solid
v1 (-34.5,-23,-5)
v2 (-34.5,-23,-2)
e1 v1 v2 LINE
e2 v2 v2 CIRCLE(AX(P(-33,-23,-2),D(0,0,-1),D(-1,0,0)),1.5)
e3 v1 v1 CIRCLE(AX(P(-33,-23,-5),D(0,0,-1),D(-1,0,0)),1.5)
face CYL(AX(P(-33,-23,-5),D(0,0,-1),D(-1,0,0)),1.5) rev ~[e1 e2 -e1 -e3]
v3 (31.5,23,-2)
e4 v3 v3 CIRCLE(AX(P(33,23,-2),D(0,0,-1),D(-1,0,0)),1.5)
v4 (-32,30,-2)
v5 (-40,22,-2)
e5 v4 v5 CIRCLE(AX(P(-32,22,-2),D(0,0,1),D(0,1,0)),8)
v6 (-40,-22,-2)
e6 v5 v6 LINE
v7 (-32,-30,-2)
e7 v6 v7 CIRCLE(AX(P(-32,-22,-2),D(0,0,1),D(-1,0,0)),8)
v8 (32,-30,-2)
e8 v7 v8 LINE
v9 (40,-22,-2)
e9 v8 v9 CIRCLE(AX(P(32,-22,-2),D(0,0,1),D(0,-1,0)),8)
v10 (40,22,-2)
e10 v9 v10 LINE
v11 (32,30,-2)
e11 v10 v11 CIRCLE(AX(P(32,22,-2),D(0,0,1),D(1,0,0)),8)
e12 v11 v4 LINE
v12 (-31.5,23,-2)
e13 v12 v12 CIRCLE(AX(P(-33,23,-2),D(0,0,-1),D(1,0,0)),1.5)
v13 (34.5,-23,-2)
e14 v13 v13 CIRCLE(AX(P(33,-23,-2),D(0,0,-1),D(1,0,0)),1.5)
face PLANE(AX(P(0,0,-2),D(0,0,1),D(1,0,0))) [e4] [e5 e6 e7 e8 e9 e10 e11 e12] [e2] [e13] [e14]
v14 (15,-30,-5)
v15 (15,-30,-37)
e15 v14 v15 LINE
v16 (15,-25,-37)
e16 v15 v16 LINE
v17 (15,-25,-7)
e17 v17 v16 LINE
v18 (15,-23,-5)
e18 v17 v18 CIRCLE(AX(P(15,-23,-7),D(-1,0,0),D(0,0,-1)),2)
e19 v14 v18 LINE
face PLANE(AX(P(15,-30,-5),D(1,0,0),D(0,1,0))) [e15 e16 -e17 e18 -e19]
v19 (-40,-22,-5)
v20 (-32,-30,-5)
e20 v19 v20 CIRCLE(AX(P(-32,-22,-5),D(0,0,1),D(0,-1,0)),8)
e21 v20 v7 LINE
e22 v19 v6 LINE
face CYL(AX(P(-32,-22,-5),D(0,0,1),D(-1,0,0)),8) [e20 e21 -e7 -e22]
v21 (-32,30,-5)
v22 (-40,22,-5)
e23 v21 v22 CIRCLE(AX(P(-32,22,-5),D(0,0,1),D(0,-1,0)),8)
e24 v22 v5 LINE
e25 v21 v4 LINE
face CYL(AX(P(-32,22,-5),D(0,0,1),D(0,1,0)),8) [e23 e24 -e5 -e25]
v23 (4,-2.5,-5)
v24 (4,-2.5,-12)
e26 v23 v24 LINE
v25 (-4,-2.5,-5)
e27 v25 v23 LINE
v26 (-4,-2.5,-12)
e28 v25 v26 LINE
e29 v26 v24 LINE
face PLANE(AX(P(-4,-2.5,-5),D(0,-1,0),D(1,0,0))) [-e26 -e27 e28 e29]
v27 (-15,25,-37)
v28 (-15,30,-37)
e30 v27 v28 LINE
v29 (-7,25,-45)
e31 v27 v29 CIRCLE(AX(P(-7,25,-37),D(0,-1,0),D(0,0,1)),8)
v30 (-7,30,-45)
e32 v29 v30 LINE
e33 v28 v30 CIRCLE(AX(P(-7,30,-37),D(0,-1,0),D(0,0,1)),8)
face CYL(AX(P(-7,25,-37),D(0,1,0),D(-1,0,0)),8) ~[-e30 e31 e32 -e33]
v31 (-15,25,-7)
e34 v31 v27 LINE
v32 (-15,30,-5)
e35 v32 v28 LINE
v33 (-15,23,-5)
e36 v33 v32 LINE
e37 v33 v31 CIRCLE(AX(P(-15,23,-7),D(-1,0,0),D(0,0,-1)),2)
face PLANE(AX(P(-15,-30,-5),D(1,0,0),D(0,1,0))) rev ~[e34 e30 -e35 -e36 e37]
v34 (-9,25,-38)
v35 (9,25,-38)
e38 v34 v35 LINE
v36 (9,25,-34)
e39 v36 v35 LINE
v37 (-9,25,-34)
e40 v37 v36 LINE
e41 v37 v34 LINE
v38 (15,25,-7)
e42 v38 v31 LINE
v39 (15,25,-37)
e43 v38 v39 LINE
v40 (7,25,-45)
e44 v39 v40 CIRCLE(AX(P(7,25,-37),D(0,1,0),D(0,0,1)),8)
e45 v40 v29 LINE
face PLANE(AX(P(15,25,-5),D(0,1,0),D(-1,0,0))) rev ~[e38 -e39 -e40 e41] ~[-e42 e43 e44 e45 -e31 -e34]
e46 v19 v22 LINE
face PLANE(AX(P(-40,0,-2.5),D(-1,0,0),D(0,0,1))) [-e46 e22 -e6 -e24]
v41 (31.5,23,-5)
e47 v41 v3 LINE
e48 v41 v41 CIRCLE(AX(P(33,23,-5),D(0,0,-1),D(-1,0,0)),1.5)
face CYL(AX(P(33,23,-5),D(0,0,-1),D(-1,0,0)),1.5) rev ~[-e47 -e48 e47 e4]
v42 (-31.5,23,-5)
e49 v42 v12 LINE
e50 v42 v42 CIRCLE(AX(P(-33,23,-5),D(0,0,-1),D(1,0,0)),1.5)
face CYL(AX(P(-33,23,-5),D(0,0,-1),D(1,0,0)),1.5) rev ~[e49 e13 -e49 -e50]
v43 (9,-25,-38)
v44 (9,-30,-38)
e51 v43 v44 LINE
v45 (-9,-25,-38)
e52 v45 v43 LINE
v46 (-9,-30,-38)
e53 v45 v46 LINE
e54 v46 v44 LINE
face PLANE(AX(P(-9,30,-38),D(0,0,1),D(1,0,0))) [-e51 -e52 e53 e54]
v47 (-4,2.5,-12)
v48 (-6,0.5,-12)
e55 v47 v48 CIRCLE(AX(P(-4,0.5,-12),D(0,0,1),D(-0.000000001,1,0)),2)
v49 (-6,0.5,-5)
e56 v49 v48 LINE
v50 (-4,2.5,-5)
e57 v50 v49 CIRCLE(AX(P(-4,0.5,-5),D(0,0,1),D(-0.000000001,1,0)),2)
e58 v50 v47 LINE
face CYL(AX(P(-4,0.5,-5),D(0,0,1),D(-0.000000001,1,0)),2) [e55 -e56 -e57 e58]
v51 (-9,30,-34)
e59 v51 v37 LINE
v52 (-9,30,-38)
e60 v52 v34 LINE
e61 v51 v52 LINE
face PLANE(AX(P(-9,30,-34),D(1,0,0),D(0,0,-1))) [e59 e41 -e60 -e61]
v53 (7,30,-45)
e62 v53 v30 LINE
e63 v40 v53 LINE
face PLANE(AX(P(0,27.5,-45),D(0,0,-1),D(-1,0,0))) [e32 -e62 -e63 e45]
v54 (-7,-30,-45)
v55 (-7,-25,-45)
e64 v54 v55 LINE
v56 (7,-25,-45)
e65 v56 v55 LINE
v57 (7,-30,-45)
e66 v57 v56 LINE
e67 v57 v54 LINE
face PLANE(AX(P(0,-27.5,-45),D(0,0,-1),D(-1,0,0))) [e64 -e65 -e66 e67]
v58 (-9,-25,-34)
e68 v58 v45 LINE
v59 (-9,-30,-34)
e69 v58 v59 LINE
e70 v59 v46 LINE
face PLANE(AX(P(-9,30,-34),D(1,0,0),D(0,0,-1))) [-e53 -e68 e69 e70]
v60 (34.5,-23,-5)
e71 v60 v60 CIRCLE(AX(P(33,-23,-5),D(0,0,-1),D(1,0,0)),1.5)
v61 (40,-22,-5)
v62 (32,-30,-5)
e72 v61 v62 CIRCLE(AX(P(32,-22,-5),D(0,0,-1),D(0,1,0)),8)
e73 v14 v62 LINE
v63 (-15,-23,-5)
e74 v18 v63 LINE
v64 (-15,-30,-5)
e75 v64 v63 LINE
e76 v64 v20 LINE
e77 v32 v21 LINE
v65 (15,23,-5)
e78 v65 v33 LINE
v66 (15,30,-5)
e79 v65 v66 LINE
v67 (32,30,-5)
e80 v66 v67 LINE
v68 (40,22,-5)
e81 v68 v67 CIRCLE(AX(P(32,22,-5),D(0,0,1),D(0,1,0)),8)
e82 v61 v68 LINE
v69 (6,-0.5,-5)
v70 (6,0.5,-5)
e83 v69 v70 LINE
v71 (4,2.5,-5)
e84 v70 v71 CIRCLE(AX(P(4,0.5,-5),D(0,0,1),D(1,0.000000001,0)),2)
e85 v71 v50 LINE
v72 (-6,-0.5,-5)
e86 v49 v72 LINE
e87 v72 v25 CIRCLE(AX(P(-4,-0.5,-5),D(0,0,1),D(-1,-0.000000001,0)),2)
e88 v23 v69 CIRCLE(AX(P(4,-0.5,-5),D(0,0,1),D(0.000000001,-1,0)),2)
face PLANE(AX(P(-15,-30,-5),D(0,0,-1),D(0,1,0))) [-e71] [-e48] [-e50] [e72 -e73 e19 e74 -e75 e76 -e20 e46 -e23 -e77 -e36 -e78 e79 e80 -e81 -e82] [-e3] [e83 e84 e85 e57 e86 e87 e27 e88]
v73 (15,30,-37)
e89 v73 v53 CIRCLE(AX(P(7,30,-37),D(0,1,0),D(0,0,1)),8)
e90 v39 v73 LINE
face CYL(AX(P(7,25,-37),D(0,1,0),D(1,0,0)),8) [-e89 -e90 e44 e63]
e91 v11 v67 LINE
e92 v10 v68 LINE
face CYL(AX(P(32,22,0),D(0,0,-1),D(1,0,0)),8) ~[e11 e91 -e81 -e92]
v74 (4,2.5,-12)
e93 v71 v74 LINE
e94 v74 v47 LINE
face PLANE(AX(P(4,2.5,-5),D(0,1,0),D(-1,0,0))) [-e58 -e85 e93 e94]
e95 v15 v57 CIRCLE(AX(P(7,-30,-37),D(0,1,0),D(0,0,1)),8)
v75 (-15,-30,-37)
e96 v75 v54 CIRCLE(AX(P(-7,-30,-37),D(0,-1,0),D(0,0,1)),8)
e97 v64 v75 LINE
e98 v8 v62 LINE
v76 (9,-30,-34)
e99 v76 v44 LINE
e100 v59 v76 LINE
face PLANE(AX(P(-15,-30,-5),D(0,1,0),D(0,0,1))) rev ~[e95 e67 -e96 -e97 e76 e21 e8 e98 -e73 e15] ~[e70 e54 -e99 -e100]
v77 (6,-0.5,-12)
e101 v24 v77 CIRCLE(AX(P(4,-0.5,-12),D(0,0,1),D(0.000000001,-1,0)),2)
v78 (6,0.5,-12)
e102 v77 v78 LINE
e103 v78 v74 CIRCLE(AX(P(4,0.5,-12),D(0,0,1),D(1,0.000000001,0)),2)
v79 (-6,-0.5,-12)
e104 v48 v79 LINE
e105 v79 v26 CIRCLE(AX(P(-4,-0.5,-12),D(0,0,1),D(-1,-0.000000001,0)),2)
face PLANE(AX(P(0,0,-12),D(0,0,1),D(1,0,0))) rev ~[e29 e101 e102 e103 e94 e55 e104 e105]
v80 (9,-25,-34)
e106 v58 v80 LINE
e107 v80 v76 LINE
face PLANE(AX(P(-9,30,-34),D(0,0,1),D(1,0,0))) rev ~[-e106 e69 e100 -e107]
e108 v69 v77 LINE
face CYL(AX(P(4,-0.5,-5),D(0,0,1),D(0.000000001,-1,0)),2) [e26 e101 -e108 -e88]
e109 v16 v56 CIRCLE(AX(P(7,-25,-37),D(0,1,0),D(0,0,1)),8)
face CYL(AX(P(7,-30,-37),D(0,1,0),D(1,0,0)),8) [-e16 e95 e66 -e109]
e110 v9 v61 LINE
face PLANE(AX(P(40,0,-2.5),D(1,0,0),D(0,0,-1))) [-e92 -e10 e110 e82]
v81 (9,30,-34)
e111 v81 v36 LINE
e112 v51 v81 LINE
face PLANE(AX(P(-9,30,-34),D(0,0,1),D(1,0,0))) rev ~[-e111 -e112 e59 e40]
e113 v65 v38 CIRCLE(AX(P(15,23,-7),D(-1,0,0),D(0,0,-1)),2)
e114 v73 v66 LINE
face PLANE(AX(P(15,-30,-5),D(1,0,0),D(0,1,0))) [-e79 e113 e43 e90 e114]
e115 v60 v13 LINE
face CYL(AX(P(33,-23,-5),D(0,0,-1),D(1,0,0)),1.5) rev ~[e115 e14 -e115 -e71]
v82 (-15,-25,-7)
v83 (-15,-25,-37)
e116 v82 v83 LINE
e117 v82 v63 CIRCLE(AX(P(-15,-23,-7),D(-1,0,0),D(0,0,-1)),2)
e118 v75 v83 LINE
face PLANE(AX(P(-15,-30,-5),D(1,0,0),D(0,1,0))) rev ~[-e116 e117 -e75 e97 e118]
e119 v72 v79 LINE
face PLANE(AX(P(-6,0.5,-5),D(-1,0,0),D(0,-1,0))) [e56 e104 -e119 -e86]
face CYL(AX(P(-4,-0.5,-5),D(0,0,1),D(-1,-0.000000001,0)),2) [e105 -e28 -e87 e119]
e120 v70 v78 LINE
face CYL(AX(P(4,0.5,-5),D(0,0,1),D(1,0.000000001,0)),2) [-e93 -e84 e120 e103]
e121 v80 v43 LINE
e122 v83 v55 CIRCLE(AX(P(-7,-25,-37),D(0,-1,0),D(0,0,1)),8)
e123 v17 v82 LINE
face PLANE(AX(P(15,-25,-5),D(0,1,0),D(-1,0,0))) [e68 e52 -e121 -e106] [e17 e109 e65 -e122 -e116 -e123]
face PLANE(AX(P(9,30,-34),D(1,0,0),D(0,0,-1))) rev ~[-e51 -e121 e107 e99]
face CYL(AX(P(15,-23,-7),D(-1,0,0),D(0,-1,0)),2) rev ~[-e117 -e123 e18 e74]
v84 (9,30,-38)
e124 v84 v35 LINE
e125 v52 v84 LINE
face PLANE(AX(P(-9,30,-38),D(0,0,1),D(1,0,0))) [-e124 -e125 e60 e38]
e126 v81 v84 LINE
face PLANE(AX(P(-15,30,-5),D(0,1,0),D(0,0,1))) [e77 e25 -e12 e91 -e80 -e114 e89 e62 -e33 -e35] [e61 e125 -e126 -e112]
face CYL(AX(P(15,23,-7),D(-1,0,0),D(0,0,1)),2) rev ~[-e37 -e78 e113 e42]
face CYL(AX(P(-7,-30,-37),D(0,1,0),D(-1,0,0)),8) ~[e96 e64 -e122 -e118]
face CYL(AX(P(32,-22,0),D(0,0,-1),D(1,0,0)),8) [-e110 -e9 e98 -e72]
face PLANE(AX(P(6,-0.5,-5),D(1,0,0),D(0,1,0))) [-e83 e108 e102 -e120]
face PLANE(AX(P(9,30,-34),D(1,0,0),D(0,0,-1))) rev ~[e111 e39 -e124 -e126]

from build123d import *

# Parameters (mm, degrees)
SKETCH1_W           = 30
SKETCH1_H           = 60
BOSS_EXTRUDE1_DEPTH = 5
SKETCH2_W           = 30
SKETCH2_H           = 5
BOSS_EXTRUDE2_DEPTH = 40
BOSS_EXTRUDE3_DEPTH = 7
FILLET1_R           = 2
SKETCH4_W           = 5
SKETCH4_H           = 60
BOSS_EXTRUDE4_DEPTH = 25
SKETCH5_W           = 5
SKETCH5_H           = 60
BOSS_EXTRUDE5_DEPTH = 25
FILLET2_R           = 8
SKETCH6_R           = 1.5
CUT_EXTRUDE1_DEPTH  = 5
FILLET3_R           = 8
CUT_EXTRUDE2_REACH  = 87
SKETCH7_W           = 18
SKETCH7_H           = 4
CUT_EXTRUDE4_DEPTH  = 2


with BuildPart() as part:
    # Sketch1 → Boss-Extrude1 (new body)
    with BuildSketch(Plane.XY):
        Rectangle(SKETCH1_W, SKETCH1_H)
    extrude(amount=-BOSS_EXTRUDE1_DEPTH)

    # Sketch2 → Boss-Extrude2 (add)
    with BuildSketch(Plane(origin=(0, 0, -5), x_dir=(-1, 0, 0), z_dir=(0, 0, -1))):
        with Locations((0, -27.5)):
            Rectangle(SKETCH2_W, SKETCH2_H)
        with Locations((0, 27.5)):
            Rectangle(SKETCH2_W, SKETCH2_H)
    extrude(amount=BOSS_EXTRUDE2_DEPTH)

    # Sketch3 → Boss-Extrude3 (add)
    with BuildSketch(Plane(origin=(0, 0, -5), x_dir=(-1, 0, 0), z_dir=(0, 0, -1))):
        with BuildLine():
            Line((4, -2.5), (-4, -2.5))
            ThreePointArc((-4, -2.5), (-5.414213562, -1.914213562), (-6, -0.5))
            Line((-6, -0.5), (-6, 0.5))
            ThreePointArc((-6, 0.5), (-5.414213562, 1.914213562), (-4, 2.5))
            Line((-4, 2.5), (4, 2.5))
            ThreePointArc((4, 2.5), (5.414213562, 1.914213562), (6, 0.5))
            Line((6, 0.5), (6, -0.5))
            ThreePointArc((6, -0.5), (5.414213562, -1.914213562), (4, -2.5))
        make_face()
    extrude(amount=BOSS_EXTRUDE3_DEPTH)

    # Fillet1
    fillet1_edges = [part.edges().sort_by_distance(p)[0] for p in [
        (0, -25, -5),
        (0, 25, -5),
    ]]
    fillet(fillet1_edges, radius=FILLET1_R)

    # Sketch4 → Boss-Extrude4 (add)
    with BuildSketch(Plane(origin=(15, 0, 0), x_dir=(0, 0, -1), z_dir=(1, 0, 0))):
        with Locations((2.5, 0)):
            Rectangle(SKETCH4_W, SKETCH4_H)
    extrude(amount=BOSS_EXTRUDE4_DEPTH)

    # Sketch5 → Boss-Extrude5 (add)
    with BuildSketch(Plane.ZY.offset(15)):
        with Locations((-2.5, 0)):
            Rectangle(SKETCH5_W, SKETCH5_H)
    extrude(amount=BOSS_EXTRUDE5_DEPTH)

    # Fillet2
    fillet2_edges = [part.edges().sort_by_distance(p)[0] for p in [
        (40, 30, -2.5),
        (40, -30, -2.5),
        (-40, -30, -2.5),
        (-40, 30, -2.5),
    ]]
    fillet(fillet2_edges, radius=FILLET2_R)

    # Sketch6 → Cut-Extrude1 (cut)
    with BuildSketch(Plane(origin=(0, 0, -5), x_dir=(-1, 0, 0), z_dir=(0, 0, -1))):
        with Locations((33, -23)):
            Circle(SKETCH6_R)
        with Locations(Location((-33, -23, 0), (0, 0, 180))):
            Circle(SKETCH6_R)
        with Locations((-33, 23)):
            Circle(SKETCH6_R)
        with Locations(Location((33, 23, 0), (0, 0, 180))):
            Circle(SKETCH6_R)
    extrude(amount=-CUT_EXTRUDE1_DEPTH, mode=Mode.SUBTRACT)

    # Fillet3
    fillet3_edges = [part.edges().sort_by_distance(p)[0] for p in [
        (-15, -27.5, -45),
        (15, -27.5, -45),
        (-15, 27.5, -45),
        (15, 27.5, -45),
    ]]
    fillet(fillet3_edges, radius=FILLET3_R)

    # Cut-Extrude2: up to this face of the body (flat: up to its plane)
    cut_extrude2_end = Plane(part.part.faces().sort_by_distance((0, -30, -19.840780346))[0])
    # Sketch7 → Cut-Extrude2 (cut, up to the picked face)
    with BuildSketch(Plane(origin=(0, 30, 0), x_dir=(1, 0, 0), z_dir=(0, 1, 0)), mode=Mode.PRIVATE) as cut_extrude2_sk1:
        with Locations((0, 36)):
            Rectangle(SKETCH7_W, SKETCH7_H)
    cut_extrude2_tool1 = split(extrude(cut_extrude2_sk1.sketch, amount=-CUT_EXTRUDE2_REACH, mode=Mode.PRIVATE), bisect_by=cut_extrude2_end, keep=Keep.BOTH, mode=Mode.PRIVATE)
    add(cut_extrude2_tool1.solids().sort_by(Axis((0, 30, -36), (0, -1, 0)))[0], mode=Mode.SUBTRACT)

    # Sketch10 → Cut-Extrude4 (cut)
    with BuildSketch(Plane.XY):
        with BuildLine():
            Line((32, 30), (-32, 30))
            ThreePointArc((-32, 30), (-37.656854249, 27.656854249), (-40, 22))
            Line((-40, 22), (-40, -22))
            ThreePointArc((-40, -22), (-37.656854249, -27.656854249), (-32, -30))
            Line((-32, -30), (32, -30))
            ThreePointArc((32, -30), (37.656854249, -27.656854249), (40, -22))
            Line((40, -22), (40, 22))
            ThreePointArc((40, 22), (37.656854249, 27.656854249), (32, 30))
        make_face()
    extrude(amount=-CUT_EXTRUDE4_DEPTH, mode=Mode.SUBTRACT)


solid = part.part
